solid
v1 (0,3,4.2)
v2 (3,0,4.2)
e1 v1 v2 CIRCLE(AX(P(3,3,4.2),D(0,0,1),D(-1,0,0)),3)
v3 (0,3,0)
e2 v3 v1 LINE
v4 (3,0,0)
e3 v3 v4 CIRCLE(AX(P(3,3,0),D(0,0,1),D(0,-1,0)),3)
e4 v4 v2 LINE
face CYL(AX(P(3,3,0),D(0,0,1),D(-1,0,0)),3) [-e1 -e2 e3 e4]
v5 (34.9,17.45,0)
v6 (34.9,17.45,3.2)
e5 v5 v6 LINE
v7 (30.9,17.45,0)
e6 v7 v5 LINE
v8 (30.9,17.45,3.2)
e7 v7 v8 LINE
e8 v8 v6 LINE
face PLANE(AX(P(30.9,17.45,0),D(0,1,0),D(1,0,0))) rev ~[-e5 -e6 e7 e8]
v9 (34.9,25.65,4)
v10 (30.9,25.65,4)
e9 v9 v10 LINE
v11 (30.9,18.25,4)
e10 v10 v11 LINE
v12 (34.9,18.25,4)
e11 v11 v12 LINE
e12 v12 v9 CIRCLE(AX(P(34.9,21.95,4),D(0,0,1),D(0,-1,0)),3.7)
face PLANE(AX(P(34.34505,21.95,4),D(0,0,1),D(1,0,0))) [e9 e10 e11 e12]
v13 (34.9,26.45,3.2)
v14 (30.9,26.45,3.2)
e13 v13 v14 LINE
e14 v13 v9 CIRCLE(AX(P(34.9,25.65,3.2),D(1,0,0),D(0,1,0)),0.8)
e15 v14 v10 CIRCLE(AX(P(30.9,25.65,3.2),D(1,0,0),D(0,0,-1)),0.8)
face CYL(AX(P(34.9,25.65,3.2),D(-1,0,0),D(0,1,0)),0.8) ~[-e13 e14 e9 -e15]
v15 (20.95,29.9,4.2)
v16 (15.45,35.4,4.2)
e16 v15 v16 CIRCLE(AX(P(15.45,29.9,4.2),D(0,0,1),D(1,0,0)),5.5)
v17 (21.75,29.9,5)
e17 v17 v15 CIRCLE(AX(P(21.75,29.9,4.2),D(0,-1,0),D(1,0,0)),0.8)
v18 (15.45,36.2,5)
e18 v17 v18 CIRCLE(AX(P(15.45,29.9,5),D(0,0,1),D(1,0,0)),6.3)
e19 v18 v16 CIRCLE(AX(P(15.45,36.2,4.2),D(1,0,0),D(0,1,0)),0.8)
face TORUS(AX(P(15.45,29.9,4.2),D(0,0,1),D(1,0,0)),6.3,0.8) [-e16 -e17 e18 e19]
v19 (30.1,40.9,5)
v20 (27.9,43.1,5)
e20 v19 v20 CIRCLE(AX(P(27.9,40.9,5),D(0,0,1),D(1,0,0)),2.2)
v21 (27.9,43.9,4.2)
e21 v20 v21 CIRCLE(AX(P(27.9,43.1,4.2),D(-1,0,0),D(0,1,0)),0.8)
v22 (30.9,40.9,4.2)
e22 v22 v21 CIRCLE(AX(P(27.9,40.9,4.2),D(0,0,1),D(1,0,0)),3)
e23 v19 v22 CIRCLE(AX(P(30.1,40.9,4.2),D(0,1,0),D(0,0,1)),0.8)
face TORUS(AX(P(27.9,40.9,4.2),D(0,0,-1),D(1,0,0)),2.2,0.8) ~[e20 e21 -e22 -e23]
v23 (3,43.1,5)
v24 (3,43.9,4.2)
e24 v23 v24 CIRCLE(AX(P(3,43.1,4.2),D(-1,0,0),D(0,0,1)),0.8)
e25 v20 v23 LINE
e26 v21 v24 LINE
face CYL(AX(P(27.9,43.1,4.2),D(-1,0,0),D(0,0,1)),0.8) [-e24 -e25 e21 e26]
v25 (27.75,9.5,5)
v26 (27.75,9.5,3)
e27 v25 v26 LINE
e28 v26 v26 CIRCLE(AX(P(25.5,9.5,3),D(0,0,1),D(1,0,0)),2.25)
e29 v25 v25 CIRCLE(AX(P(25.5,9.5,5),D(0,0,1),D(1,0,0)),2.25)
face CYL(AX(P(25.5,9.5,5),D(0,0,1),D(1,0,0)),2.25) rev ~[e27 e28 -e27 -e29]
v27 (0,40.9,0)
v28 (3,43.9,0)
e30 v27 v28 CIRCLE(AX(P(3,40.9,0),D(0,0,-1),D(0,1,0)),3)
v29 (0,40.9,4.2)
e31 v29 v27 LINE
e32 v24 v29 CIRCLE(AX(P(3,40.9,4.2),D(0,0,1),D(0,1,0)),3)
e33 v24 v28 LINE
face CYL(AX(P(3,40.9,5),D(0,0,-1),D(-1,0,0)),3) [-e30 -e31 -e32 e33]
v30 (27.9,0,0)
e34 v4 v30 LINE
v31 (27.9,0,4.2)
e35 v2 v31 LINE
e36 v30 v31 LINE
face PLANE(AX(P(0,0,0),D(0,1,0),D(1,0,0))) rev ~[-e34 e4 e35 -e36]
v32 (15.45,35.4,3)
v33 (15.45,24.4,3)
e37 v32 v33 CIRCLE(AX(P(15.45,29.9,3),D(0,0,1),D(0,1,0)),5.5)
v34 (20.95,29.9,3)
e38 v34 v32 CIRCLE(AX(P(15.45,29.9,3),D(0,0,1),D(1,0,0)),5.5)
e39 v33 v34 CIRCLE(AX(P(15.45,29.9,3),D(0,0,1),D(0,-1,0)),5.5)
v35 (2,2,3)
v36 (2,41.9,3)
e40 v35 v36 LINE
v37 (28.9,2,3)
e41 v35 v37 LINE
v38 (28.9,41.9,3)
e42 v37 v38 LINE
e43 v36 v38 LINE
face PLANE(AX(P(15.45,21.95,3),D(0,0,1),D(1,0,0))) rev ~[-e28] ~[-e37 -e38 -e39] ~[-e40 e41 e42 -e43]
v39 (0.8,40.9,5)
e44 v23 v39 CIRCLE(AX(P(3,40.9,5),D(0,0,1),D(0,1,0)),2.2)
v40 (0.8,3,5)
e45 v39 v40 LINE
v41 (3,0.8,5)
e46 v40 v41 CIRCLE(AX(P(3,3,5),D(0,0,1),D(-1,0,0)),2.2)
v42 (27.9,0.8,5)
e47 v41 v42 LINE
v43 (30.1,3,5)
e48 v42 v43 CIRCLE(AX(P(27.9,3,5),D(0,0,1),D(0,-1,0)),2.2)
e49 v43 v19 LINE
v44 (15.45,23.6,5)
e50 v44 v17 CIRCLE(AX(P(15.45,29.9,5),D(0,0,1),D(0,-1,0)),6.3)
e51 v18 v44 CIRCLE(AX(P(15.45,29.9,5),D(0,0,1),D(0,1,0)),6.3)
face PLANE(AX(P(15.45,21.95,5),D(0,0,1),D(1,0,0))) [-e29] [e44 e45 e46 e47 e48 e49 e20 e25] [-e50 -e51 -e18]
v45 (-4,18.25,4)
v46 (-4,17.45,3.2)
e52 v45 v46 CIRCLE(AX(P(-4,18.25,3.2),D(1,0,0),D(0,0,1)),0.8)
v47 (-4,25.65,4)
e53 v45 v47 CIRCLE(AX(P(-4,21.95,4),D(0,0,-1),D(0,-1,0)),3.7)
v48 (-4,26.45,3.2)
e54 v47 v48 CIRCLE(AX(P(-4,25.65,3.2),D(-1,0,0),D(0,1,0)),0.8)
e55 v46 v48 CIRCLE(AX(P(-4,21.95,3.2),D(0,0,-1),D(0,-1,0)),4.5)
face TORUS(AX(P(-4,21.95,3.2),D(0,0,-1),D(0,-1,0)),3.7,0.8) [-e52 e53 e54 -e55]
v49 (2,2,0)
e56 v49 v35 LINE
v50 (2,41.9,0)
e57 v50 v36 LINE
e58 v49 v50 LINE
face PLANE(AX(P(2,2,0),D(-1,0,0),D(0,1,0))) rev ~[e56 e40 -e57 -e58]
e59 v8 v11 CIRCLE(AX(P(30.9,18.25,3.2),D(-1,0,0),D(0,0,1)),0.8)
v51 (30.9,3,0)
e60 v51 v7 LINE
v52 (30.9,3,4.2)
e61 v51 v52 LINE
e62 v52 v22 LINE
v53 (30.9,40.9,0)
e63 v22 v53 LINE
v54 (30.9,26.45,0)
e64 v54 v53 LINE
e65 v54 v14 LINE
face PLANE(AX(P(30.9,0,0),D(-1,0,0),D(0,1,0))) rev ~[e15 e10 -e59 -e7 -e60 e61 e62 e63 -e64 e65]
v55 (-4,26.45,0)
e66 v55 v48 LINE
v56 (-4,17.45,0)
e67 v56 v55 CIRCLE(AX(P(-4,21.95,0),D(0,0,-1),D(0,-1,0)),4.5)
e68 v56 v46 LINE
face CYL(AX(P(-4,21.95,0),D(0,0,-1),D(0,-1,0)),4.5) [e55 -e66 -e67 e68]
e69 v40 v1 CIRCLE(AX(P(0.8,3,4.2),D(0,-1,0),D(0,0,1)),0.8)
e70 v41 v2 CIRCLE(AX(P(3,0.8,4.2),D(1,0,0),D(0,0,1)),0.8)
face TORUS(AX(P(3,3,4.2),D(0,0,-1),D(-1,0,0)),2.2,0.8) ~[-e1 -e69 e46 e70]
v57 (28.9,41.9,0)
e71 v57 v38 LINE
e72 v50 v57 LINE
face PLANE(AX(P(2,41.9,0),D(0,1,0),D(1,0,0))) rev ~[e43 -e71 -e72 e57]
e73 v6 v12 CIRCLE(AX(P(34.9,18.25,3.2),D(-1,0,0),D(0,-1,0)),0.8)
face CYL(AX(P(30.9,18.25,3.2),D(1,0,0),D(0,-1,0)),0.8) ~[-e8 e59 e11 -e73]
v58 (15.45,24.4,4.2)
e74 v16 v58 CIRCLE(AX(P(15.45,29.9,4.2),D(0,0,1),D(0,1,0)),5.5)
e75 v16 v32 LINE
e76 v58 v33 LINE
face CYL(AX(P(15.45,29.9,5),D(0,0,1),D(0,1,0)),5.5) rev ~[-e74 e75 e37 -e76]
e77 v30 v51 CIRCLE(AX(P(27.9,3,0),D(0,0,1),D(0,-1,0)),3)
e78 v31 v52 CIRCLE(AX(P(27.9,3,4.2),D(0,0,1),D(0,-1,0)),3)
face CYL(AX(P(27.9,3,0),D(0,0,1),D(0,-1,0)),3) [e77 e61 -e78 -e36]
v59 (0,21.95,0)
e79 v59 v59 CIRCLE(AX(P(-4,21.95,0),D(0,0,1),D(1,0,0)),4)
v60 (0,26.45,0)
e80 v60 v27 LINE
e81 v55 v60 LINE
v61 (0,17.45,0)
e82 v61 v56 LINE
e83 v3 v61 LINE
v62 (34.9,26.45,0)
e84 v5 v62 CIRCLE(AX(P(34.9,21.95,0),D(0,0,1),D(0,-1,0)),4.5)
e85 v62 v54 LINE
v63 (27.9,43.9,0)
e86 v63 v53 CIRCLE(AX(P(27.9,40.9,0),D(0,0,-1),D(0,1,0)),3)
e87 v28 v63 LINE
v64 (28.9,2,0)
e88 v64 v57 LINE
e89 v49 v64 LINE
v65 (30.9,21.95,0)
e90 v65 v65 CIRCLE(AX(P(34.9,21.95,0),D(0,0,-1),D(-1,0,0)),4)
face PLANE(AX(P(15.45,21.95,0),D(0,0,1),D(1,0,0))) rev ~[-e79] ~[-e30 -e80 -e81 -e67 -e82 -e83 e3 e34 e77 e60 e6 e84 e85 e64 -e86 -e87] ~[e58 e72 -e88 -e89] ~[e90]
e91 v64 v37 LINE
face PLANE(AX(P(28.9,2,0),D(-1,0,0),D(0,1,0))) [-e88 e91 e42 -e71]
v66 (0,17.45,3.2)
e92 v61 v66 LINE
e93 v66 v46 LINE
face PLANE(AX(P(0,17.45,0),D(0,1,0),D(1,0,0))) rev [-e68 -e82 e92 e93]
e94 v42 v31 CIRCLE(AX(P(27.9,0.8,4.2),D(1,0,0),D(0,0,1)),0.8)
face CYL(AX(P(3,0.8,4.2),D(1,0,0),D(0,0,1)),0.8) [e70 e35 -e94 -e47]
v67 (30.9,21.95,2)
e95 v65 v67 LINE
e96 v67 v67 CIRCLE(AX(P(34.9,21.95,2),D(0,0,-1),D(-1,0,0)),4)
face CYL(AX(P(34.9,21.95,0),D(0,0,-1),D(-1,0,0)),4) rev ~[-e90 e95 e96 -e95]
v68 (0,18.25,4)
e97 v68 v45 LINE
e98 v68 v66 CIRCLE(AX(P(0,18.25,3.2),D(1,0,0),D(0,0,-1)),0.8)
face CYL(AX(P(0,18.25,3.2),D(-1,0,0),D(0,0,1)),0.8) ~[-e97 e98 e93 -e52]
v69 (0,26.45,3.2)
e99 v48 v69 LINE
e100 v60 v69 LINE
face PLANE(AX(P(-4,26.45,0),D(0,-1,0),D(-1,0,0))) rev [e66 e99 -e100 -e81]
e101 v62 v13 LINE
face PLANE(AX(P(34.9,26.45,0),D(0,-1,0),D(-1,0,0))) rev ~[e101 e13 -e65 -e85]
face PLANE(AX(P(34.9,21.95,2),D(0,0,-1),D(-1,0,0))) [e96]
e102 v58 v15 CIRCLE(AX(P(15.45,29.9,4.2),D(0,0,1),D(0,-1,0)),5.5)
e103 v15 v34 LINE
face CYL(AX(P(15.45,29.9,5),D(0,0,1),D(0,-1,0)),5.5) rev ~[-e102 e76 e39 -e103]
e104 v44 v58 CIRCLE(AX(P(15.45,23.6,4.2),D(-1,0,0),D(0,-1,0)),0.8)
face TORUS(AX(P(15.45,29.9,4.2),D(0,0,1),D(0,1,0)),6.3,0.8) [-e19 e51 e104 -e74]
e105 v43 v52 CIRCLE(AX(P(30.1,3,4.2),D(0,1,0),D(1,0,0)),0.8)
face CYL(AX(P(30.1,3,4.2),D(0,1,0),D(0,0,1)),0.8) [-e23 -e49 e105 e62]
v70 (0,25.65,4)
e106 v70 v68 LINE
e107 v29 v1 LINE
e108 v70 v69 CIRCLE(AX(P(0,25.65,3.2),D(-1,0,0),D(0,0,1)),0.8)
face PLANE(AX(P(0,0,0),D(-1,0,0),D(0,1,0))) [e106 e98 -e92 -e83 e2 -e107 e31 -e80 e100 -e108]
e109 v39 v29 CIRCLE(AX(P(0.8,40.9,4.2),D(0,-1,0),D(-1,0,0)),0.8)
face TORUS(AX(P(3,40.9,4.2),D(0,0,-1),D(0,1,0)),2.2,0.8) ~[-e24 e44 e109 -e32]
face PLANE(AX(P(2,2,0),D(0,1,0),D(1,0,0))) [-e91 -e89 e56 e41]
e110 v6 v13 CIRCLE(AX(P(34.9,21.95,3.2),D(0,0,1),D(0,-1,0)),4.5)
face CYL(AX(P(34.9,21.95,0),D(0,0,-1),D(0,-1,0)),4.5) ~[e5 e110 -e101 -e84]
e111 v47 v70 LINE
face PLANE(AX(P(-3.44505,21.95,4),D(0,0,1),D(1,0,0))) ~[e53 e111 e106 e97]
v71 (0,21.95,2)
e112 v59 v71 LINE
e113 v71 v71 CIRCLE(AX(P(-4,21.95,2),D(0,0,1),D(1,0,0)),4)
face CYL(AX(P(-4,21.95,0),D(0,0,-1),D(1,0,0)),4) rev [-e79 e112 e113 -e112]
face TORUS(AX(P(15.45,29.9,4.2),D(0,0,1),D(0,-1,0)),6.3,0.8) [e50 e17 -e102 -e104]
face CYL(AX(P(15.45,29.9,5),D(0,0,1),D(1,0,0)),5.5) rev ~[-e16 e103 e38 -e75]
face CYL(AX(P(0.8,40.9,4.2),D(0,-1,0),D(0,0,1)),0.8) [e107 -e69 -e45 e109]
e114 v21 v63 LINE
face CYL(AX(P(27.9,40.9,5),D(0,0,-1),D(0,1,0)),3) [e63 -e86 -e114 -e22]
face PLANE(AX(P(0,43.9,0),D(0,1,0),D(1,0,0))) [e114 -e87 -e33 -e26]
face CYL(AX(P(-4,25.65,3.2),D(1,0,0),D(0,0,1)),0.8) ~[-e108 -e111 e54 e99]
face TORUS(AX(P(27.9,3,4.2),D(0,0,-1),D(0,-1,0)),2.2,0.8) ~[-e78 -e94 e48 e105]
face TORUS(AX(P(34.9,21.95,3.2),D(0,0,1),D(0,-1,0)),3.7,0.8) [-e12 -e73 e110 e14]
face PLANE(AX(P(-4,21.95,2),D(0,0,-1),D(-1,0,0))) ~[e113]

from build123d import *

# Parameters (mm, degrees)
SKETCH1_W           = 30.9
SKETCH1_H           = 43.9
SKETCH1_W_2         = 26.9
SKETCH1_H_2         = 39.9
BOSS_EXTRUDE1_DEPTH = 5
SKETCH2_W           = 30.9
SKETCH2_H           = 43.9
BOSS_EXTRUDE2_DEPTH = 2
BOSS_EXTRUDE3_DEPTH = 4
SKETCH4_R           = 4
CUT_EXTRUDE1_DEPTH  = 2
CUT_EXTRUDE2_DEPTH  = 60.199408781
FILLET1_R           = 3
FILLET2_R           = 0.8
SKETCH6_R           = 2.25
CUT_EXTRUDE3_DEPTH  = 60.199408781


with BuildPart() as part:
    # Sketch1 → Boss-Extrude1 (new body)
    with BuildSketch(Plane.XY):
        with Locations((15.45, 21.95)):
            Rectangle(SKETCH1_W, SKETCH1_H)
        with Locations((15.45, 21.95)):
            Rectangle(SKETCH1_W_2, SKETCH1_H_2, mode=Mode.SUBTRACT)
    extrude(amount=BOSS_EXTRUDE1_DEPTH)

    # Sketch2 → Boss-Extrude2 (add)
    with BuildSketch(Plane.XY.offset(5)):
        with Locations((15.45, 21.95)):
            Rectangle(SKETCH2_W, SKETCH2_H)
    extrude(amount=-BOSS_EXTRUDE2_DEPTH)

    # Sketch3 → Boss-Extrude3 (add)
    with BuildSketch(Plane(origin=(0, 0, 0), x_dir=(-1, 0, 0), z_dir=(0, 0, -1))):
        with BuildLine():
            Line((-34.9, 26.45), (-30.9, 26.45))
            Line((-30.9, 26.45), (-30.9, 17.45))
            Line((-30.9, 17.45), (-34.9, 17.45))
            ThreePointArc((-34.9, 17.45), (-39.4, 21.95), (-34.9, 26.45))
        make_face()
    boss_extrude3 = extrude(amount=-BOSS_EXTRUDE3_DEPTH)

    # Sketch4 → Cut-Extrude1 (cut)
    with BuildSketch(Plane(origin=(0, 0, 0), x_dir=(-1, 0, 0), z_dir=(0, 0, -1))):
        with Locations((-34.9, 21.95)):
            Circle(SKETCH4_R)
    cut_extrude1 = extrude(amount=-CUT_EXTRUDE1_DEPTH, mode=Mode.SUBTRACT)

    # Mirror1: Boss-Extrude3, Cut-Extrude1 across plane
    add(boss_extrude3.mirror(Plane(origin=(15.45, 0, 0), x_dir=(0, 0, 1), z_dir=(1, 0, 0))))
    add(cut_extrude1.mirror(Plane(origin=(15.45, 0, 0), x_dir=(0, 0, 1), z_dir=(1, 0, 0))), mode=Mode.SUBTRACT)

    # Sketch5 → Cut-Extrude2 (cut, through all)
    with BuildSketch(Plane.XY.offset(5)):
        with BuildLine():
            ThreePointArc((20.95, 29.9), (19.339087297, 33.789087297), (15.45, 35.4))
            Line((15.45, 35.4), (15.45, 24.4))
            ThreePointArc((15.45, 24.4), (19.339087297, 26.010912703), (20.95, 29.9))
        make_face()
        with BuildLine():
            Line((15.45, 24.4), (15.45, 35.4))
            ThreePointArc((15.45, 35.4), (9.95, 29.9), (15.45, 24.4))
        make_face()
    extrude(amount=-CUT_EXTRUDE2_DEPTH, mode=Mode.SUBTRACT)

    # Fillet1
    fillet1_edges = [part.edges().sort_by_distance(p)[0] for p in [
        (0, 0, 2.5),
        (0, 43.9, 2.5),
        (30.9, 43.9, 2.5),
        (30.9, 0, 2.5),
    ]]
    fillet(fillet1_edges, radius=FILLET1_R)

    # Fillet2
    fillet2_edges = [part.edges().sort_by_distance(p)[0] for p in [
        (15.45, 0, 5),
        (15.45, 43.9, 5),
        (0, 21.95, 5),
        (0.878679656, 43.021320344, 5),
        (30.021320344, 43.021320344, 5),
        (0.878679656, 0.878679656, 5),
        (30.021320344, 0.878679656, 5),
        (39.4, 21.95, 4),
        (32.9, 26.45, 4),
        (32.9, 17.45, 4),
        (-8.5, 21.95, 4),
        (-2, 17.45, 4),
        (-2, 26.45, 4),
        (15.45, 35.4, 5),
        (30.9, 21.95, 5),
    ]]
    fillet(fillet2_edges, radius=FILLET2_R)

    # Sketch6 → Cut-Extrude3 (cut, through all)
    with BuildSketch(Plane.XY.offset(5)):
        with Locations((25.5, 9.5)):
            Circle(SKETCH6_R)
    extrude(amount=-CUT_EXTRUDE3_DEPTH, mode=Mode.SUBTRACT)


solid = part.part
